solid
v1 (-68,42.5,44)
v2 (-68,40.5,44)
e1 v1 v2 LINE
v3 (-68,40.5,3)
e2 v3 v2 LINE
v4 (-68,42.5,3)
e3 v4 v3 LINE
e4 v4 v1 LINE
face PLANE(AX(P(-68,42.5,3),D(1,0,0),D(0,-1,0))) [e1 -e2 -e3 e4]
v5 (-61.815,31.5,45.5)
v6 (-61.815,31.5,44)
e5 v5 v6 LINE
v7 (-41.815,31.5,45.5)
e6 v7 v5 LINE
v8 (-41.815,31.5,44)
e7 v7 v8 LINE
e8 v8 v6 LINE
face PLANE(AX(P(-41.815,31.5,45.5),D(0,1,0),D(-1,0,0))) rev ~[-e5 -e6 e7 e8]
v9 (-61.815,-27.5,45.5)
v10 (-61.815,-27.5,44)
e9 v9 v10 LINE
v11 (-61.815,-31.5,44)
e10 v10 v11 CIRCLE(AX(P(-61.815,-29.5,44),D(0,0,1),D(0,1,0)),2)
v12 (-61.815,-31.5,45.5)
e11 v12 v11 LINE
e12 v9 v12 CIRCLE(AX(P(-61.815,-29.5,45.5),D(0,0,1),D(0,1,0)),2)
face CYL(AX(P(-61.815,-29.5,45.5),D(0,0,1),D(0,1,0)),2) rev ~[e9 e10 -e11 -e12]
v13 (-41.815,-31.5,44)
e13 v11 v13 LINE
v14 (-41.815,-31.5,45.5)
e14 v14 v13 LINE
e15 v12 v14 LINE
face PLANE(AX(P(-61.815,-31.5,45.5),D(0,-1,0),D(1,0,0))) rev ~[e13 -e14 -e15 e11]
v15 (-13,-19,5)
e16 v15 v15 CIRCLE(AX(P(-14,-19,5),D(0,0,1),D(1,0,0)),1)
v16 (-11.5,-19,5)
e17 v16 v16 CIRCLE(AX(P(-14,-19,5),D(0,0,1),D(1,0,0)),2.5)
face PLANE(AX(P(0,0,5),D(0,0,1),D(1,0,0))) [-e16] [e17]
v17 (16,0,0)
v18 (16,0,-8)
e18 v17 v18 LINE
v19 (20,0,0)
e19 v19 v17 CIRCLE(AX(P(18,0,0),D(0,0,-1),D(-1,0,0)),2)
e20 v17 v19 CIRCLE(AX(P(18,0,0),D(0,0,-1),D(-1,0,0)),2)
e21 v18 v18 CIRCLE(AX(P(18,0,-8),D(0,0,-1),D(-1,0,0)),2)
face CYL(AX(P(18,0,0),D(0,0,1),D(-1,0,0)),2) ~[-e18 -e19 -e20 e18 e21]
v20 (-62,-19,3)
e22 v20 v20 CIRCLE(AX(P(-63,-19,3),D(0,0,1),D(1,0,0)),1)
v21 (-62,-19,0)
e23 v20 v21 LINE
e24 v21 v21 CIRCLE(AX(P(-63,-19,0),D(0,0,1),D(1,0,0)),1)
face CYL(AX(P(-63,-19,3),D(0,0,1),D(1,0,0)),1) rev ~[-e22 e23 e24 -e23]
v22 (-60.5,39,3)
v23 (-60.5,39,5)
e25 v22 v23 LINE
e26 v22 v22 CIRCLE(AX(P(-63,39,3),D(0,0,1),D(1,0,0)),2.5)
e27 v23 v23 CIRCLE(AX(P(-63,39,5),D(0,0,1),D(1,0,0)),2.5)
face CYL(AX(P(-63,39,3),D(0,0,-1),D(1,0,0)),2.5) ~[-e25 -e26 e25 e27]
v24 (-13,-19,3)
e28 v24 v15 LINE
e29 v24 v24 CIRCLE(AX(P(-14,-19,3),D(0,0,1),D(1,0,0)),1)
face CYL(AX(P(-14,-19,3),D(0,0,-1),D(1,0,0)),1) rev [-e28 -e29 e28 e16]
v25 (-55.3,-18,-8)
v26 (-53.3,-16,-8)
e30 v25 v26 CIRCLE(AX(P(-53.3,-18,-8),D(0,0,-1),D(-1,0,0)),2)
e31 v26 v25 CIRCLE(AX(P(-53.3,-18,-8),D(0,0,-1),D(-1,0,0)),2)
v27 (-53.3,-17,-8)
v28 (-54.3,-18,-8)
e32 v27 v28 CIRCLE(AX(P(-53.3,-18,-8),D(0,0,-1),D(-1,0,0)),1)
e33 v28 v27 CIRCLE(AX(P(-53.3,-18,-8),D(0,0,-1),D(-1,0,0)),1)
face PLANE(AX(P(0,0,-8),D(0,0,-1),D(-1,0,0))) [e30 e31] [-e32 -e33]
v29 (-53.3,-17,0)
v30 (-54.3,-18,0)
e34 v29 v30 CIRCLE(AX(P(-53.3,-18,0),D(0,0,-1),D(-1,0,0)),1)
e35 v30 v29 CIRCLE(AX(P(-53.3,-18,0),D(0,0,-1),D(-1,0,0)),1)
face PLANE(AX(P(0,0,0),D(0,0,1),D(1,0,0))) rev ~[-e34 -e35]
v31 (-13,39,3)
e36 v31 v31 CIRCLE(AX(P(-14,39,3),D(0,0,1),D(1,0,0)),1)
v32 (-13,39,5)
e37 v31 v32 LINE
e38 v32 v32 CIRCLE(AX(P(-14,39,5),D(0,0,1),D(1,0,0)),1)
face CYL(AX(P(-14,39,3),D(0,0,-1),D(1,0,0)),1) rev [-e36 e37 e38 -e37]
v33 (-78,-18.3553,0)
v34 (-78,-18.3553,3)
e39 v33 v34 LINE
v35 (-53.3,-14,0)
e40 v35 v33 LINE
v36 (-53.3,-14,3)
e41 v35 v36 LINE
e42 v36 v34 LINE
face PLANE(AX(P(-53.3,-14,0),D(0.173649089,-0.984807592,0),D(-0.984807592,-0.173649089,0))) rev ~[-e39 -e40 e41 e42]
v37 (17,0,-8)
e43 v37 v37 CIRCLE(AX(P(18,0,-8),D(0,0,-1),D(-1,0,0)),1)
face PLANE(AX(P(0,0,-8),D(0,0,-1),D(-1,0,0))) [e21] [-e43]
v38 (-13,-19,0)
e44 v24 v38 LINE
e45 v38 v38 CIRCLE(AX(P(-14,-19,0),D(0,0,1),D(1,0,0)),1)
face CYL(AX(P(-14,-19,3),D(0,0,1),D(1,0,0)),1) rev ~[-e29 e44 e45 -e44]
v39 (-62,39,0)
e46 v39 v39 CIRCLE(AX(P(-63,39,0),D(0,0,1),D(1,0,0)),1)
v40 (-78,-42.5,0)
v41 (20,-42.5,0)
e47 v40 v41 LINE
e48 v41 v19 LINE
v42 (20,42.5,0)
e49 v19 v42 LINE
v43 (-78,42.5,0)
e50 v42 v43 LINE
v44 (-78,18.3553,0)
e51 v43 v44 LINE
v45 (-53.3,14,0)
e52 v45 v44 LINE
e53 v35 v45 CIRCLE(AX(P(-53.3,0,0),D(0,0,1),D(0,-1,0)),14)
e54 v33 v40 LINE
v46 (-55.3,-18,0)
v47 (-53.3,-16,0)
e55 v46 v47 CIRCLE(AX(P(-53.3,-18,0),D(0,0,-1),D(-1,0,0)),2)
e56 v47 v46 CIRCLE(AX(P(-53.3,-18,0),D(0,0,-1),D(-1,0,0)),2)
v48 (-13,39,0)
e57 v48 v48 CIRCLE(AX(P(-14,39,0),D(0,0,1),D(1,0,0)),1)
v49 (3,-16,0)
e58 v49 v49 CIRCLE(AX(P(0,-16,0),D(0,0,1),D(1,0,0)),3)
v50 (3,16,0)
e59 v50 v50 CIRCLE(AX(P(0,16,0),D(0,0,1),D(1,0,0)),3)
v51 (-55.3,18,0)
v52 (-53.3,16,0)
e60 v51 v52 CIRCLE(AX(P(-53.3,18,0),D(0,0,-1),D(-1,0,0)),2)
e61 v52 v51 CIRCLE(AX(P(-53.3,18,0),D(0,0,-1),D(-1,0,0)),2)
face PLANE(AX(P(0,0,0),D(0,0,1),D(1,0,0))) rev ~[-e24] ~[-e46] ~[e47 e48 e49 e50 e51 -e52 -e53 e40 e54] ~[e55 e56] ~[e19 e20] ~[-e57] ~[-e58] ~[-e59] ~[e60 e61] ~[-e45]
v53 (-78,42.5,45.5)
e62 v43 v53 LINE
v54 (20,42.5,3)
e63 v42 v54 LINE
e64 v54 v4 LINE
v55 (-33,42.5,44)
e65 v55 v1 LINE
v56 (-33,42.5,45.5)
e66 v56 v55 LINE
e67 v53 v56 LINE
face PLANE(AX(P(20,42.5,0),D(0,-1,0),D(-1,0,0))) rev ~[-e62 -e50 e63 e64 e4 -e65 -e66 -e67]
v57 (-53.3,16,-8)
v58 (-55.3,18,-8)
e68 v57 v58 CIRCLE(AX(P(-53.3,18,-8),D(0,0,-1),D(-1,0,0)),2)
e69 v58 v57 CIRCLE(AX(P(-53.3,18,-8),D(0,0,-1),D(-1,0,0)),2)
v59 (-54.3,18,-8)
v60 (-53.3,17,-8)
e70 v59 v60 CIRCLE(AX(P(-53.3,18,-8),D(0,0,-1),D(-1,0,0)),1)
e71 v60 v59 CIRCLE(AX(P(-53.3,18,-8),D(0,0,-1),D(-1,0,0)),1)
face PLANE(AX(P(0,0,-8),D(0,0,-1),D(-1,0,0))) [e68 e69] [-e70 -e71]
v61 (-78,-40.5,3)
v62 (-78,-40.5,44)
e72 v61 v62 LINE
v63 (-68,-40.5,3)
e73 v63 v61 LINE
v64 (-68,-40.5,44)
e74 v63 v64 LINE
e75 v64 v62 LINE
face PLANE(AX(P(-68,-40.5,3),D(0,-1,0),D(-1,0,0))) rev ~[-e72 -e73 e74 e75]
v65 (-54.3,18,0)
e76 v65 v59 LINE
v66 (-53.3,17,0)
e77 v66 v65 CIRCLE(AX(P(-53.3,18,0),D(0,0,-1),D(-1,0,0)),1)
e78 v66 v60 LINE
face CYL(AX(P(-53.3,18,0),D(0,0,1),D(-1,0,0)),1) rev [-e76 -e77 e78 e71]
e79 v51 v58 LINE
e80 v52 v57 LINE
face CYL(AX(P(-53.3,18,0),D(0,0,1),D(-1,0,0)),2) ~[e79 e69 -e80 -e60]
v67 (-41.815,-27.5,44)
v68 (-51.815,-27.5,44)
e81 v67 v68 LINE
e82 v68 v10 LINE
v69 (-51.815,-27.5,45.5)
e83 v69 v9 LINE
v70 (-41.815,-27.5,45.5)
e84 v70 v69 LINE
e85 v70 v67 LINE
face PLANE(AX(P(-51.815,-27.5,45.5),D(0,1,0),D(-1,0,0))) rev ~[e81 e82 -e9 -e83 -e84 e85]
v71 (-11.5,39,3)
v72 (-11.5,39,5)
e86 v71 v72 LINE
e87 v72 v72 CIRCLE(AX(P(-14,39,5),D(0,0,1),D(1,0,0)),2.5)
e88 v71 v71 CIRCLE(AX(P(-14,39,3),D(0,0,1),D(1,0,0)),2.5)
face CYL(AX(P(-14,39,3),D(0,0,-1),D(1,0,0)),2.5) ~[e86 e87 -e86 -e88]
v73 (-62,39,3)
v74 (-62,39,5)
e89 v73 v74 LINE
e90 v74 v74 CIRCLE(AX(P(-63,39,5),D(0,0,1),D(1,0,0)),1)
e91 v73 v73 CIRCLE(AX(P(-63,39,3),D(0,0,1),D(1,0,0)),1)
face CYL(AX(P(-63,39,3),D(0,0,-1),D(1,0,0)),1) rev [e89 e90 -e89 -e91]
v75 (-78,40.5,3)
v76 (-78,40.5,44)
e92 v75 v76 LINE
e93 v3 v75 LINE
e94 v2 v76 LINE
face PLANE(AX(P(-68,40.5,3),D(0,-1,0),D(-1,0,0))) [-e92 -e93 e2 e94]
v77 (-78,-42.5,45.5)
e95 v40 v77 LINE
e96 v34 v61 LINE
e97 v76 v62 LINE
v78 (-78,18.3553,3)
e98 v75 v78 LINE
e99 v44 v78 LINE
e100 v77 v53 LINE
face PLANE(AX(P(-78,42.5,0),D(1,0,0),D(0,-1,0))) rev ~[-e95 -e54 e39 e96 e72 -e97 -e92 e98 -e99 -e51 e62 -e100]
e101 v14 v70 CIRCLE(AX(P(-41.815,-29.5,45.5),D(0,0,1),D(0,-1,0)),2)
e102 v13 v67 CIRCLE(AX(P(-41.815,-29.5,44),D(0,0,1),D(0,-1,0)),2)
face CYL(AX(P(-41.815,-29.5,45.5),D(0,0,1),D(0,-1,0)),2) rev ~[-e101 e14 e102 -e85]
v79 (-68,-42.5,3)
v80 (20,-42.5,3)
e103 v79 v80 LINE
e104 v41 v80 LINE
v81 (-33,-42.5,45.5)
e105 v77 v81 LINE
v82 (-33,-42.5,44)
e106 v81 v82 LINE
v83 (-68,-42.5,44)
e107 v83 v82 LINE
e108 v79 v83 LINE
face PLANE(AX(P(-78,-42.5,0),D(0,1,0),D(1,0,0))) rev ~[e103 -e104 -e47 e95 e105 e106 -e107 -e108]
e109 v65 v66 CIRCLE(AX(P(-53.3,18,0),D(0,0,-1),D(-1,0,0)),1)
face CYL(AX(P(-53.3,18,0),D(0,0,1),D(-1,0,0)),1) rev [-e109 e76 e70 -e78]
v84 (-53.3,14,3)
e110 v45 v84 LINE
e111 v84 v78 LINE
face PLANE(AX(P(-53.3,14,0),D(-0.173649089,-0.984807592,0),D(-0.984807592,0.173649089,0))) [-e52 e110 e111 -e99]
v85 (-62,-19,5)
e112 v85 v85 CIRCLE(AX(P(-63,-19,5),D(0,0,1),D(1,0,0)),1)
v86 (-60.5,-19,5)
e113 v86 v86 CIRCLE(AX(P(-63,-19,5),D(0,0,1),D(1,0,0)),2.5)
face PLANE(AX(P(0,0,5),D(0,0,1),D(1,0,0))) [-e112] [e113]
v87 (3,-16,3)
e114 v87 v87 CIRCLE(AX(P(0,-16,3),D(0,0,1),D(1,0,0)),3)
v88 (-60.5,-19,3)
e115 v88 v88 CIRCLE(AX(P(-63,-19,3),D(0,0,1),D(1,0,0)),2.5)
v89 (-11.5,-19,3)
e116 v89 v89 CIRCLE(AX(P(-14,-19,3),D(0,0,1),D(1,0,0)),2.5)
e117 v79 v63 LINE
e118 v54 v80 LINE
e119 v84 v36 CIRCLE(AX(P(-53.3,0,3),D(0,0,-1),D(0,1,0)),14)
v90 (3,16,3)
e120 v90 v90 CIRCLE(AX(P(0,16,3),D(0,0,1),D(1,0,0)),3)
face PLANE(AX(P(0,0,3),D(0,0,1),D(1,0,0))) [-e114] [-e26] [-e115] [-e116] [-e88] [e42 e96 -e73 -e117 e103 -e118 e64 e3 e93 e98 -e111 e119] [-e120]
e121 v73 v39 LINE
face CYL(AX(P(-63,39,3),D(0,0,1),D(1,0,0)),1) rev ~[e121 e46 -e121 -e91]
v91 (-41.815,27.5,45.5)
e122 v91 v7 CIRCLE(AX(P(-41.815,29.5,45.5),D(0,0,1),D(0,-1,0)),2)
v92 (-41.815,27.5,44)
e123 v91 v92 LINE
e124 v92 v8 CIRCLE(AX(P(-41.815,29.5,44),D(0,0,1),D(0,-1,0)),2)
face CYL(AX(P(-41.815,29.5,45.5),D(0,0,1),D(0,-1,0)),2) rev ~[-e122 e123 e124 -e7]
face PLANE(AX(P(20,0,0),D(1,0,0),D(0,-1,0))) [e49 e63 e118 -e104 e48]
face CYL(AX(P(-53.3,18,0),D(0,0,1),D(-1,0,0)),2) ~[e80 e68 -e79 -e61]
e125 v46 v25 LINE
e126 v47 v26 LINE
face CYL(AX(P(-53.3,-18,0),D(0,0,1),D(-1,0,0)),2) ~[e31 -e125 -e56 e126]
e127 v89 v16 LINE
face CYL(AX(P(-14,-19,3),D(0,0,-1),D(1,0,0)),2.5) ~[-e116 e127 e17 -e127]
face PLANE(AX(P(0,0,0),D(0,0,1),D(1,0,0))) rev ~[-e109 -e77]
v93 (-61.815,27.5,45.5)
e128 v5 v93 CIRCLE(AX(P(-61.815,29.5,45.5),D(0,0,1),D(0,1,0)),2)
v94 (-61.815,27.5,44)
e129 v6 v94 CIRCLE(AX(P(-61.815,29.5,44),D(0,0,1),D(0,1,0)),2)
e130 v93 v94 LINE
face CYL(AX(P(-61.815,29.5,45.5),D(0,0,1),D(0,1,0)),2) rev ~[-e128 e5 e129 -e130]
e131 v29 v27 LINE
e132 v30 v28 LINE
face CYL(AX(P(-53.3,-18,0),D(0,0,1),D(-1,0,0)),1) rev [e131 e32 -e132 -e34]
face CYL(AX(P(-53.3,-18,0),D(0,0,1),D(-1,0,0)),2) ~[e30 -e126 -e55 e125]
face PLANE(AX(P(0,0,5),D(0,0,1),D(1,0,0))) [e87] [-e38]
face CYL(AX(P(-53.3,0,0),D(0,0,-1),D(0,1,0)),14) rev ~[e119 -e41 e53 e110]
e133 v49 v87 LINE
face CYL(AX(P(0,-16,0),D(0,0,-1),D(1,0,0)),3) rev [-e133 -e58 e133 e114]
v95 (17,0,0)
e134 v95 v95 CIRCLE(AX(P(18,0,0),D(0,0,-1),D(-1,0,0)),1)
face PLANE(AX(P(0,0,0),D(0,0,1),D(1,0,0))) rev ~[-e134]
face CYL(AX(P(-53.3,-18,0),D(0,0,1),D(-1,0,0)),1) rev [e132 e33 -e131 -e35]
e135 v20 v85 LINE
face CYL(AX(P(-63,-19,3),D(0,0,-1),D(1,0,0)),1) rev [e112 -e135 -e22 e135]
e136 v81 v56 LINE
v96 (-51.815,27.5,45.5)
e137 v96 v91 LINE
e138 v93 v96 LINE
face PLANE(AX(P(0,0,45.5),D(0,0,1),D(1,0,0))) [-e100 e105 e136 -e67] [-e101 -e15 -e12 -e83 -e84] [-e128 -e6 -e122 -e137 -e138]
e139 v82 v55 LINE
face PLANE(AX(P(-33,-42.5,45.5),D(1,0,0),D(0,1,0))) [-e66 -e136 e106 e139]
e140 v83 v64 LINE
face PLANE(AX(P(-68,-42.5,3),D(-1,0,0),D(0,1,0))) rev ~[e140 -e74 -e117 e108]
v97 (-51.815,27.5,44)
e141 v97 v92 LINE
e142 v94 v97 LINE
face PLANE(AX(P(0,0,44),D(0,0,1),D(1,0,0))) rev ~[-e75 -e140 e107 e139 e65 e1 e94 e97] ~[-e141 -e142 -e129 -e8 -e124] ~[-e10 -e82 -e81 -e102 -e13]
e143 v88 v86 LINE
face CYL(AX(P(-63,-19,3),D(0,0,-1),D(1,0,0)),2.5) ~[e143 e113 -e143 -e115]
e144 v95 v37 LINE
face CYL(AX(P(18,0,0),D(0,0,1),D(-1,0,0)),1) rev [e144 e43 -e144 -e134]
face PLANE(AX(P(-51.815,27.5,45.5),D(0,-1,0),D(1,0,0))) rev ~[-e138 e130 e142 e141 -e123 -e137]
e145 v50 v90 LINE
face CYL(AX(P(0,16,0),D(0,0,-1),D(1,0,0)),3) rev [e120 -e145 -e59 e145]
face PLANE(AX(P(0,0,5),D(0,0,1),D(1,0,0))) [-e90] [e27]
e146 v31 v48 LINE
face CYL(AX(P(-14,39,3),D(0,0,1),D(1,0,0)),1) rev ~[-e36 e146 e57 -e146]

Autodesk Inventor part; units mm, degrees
ref_plane "YZ Plane" through (0, 0, 0) normal (1, 0, 0) x (0, 1, 0)
ref_plane "XZ Plane" through (0, 0, 0) normal (0, 1, 0) x (-1, 0, 0)
ref_plane "XY Plane" through (0, 0, 0) normal (0, 0, 1) x (1, 0, 0)
sketch "Szkic1" plane through (0, 0, 0) normal (0, 0, 1) x (1, 0, 0)
  circle A0 centre (0, 16) radius 3
  circle A1 centre (0, -16) radius 3
  line L0 (0, 0) -> (20, 0)
  line L1 (20, 0) -> (20, -42.5)
  line L2 (20, 0) -> (20, 42.5)
  line L3 (20, 0) -> (62.5, 0) construction
  line L4 (20, 42.5) -> (-78, 42.5)
  line L5 (-78, 42.5) -> (-78, -42.5)
  line L6 (-78, -42.5) -> (20, -42.5)
  dimension "d0" = 6
  dimension "d1" = 6
  dimension "d5" = 20
  dimension "d6" = 42.5
  dimension "d7" = 42.5
  dimension "d8" = 90
  dimension "d9" = 98
  dimension "d10" = 85
  dimension "d11" = 90
extrude "Wyciągnięcie proste1" add sketch "Szkic1" along normal blind 3
sketch "Szkic2" plane through (0, 0, 3) normal (0, 0, 1) x (1, 0, 0)
  line L0 (-78, -42.5) -> (20, -42.5) projected
  line L1 (-10, 42.5) -> (10, 42.5)
  line L2 (10, 42.5) -> (10, -42.5)
  line L3 (10, -42.5) -> (-10, -42.5)
  line L4 (-10, -42.5) -> (-10, 42.5)
  line L5 (-10, 42.5) -> (10, -42.5) construction
  line L6 (10, 42.5) -> (-10, -42.5) construction
  circle A0 centre (-14, 39) radius 1
  circle A1 centre (-14, 39) radius 2.5
  circle A2 centre (-63, 39) radius 2.5
  circle A3 centre (-63, 39) radius 1
  circle A4 centre (-14, -19) radius 2.5
  circle A5 centre (-14, -19) radius 1
  circle A6 centre (-63, -19) radius 2.5
  circle A7 centre (-63, -19) radius 1
  line L7 (10, 42.5) -> (14, 42.5)
  line L8 (14, 42.5) -> (14, -42.5)
  line L9 (14, -42.5) -> (10, -42.5)
  line L10 (10, -42.5) -> (10, 42.5)
  point P0 (0, 0)
  dimension "d14" = 20
  dimension "d15" = 2
  dimension "d16" = 1.5
  dimension "d19" = 49
  dimension "d22" = 58
  dimension "d25" = 4
extrude "Wyciągnięcie proste2" add sketch "Szkic2" along normal blind 2 contours A1 | A2 | A4 | A6
extrude "Wyciągnięcie proste3" cut sketch "Szkic2" against normal blind 3 contours A0 | A3 | A5 | A7
sketch "Szkic4" plane through (0, 0, 3) normal (0, 0, 1) x (1, 0, 0)
  line L0 (-78, 42.5) -> (-78, -42.5) projected
  line L1 (-78, -42.5) -> (-68, -42.5)
  line L2 (-68, -42.5) -> (-68, -40.5)
  line L3 (-68, -40.5) -> (-78, -40.5)
  line L4 (-78, -40.5) -> (-78, -42.5)
  line L5 (-78, 42.5) -> (-68, 42.5)
  line L6 (-68, 42.5) -> (-68, 40.5)
  line L7 (-68, 40.5) -> (-78, 40.5)
  line L8 (-78, 40.5) -> (-78, 42.5)
  point P0 (0, 0)
  dimension "d31" = 10
  dimension "d32" = 2
  dimension "d33" = 10
  dimension "d34" = 2
extrude "Wyciągnięcie proste4" add sketch "Szkic4" along normal blind 42.5
sketch "Szkic5" plane through (0, 0, 45.5) normal (0, 0, 1) x (1, 0, 0)
  line L0 (-78, -42.5) -> (20, -42.5) projected
  line L1 (20, 42.5) -> (-78, 42.5) projected
  line L2 (-78, -42.5) -> (-33, -42.5)
  line L3 (-33, -42.5) -> (-33, 42.5)
  line L4 (-33, 42.5) -> (-78, 42.5)
  line L5 (-78, 42.5) -> (-78, -42.5)
  line L6 (-51.815, 0) -> (-51.815, 29.5)
  line L7 (-51.815, 29.5) -> (-51.815, -29.5)
  line L8 (-41.815, -29.5) -> (-61.815, -29.5) construction
  line L9 (-41.815, -27.5) -> (-61.815, -27.5)
  line L10 (-61.815, -31.5) -> (-41.815, -31.5)
  arc A0 (-41.815, -31.5) -> (-41.815, -27.5) centre (-41.815, -29.5) ccw
  arc A1 (-61.815, -27.5) -> (-61.815, -31.5) centre (-61.815, -29.5) ccw
  line L11 (-41.815, 29.5) -> (-61.815, 29.5) construction
  line L12 (-41.815, 31.5) -> (-61.815, 31.5)
  line L13 (-61.815, 27.5) -> (-41.815, 27.5)
  arc A2 (-41.815, 27.5) -> (-41.815, 31.5) centre (-41.815, 29.5) ccw
  arc A3 (-61.815, 31.5) -> (-61.815, 27.5) centre (-61.815, 29.5) ccw
  point P0 (0, 0)
  dimension "d37" = 45
  dimension "d38" = 29.5
  dimension "d39" = 59
  dimension "d40" = 10
  dimension "d41" = 4
  dimension "d42" = 4
extrude "Wyciągnięcie proste5" add sketch "Szkic5" against normal blind 1.5
sketch "Szkic6" plane through (0, 0, 0) normal (0, 0, -1) x (-1, 0, 0)
  circle A0 centre (-18, 0) radius 2
  circle A1 centre (-18, 0) radius 1
  line L0 (-18, 0) -> (53.3, 0)
  line L1 (53.3, 0) -> (53.3, 18)
  line L2 (53.3, 0) -> (53.3, -18)
  circle A2 centre (53.3, -18) radius 1
  circle A3 centre (53.3, -18) radius 2
  circle A4 centre (53.3, 18) radius 1
  circle A5 centre (53.3, 18) radius 2
  arc A6 (53.3, 14) -> (53.3, -14) centre (53.3, 0) ccw
  line L3 (53.3, -14) -> (78, -18.3553)
  line L4 (78, 40.5) -> (78, -40.5) projected
  line L5 (53.3, -14) -> (78.381, -14) construction
  line L6 (53.3, 14) -> (78, 18.3553)
  line L7 (53.3, 14) -> (78.381, 14) construction
  line L8 (78, 18.3553) -> (78, -18.3553)
  point P0 (0, 0)
  dimension "d45" = 2
  dimension "d46" = 71.3
  dimension "d47" = 18
  dimension "d48" = 18
  dimension "d49" = 2
  dimension "d50" = 4
  dimension "d51" = 2
  dimension "d52" = 4
  dimension "d53" = 14
  dimension "d54" = 10
  dimension "d55" = 10
extrude "Wyciągnięcie proste6" add sketch "Szkic6" along normal blind 8 contours A0 | A5 | A3
extrude "Wyciągnięcie proste7" cut sketch "Szkic6" against normal blind 3 contours A6 L1 L0 | L0 L2 A6 | L1 L6 L4 L3 L2
properties part number "RP4_LidarHolderv3"
